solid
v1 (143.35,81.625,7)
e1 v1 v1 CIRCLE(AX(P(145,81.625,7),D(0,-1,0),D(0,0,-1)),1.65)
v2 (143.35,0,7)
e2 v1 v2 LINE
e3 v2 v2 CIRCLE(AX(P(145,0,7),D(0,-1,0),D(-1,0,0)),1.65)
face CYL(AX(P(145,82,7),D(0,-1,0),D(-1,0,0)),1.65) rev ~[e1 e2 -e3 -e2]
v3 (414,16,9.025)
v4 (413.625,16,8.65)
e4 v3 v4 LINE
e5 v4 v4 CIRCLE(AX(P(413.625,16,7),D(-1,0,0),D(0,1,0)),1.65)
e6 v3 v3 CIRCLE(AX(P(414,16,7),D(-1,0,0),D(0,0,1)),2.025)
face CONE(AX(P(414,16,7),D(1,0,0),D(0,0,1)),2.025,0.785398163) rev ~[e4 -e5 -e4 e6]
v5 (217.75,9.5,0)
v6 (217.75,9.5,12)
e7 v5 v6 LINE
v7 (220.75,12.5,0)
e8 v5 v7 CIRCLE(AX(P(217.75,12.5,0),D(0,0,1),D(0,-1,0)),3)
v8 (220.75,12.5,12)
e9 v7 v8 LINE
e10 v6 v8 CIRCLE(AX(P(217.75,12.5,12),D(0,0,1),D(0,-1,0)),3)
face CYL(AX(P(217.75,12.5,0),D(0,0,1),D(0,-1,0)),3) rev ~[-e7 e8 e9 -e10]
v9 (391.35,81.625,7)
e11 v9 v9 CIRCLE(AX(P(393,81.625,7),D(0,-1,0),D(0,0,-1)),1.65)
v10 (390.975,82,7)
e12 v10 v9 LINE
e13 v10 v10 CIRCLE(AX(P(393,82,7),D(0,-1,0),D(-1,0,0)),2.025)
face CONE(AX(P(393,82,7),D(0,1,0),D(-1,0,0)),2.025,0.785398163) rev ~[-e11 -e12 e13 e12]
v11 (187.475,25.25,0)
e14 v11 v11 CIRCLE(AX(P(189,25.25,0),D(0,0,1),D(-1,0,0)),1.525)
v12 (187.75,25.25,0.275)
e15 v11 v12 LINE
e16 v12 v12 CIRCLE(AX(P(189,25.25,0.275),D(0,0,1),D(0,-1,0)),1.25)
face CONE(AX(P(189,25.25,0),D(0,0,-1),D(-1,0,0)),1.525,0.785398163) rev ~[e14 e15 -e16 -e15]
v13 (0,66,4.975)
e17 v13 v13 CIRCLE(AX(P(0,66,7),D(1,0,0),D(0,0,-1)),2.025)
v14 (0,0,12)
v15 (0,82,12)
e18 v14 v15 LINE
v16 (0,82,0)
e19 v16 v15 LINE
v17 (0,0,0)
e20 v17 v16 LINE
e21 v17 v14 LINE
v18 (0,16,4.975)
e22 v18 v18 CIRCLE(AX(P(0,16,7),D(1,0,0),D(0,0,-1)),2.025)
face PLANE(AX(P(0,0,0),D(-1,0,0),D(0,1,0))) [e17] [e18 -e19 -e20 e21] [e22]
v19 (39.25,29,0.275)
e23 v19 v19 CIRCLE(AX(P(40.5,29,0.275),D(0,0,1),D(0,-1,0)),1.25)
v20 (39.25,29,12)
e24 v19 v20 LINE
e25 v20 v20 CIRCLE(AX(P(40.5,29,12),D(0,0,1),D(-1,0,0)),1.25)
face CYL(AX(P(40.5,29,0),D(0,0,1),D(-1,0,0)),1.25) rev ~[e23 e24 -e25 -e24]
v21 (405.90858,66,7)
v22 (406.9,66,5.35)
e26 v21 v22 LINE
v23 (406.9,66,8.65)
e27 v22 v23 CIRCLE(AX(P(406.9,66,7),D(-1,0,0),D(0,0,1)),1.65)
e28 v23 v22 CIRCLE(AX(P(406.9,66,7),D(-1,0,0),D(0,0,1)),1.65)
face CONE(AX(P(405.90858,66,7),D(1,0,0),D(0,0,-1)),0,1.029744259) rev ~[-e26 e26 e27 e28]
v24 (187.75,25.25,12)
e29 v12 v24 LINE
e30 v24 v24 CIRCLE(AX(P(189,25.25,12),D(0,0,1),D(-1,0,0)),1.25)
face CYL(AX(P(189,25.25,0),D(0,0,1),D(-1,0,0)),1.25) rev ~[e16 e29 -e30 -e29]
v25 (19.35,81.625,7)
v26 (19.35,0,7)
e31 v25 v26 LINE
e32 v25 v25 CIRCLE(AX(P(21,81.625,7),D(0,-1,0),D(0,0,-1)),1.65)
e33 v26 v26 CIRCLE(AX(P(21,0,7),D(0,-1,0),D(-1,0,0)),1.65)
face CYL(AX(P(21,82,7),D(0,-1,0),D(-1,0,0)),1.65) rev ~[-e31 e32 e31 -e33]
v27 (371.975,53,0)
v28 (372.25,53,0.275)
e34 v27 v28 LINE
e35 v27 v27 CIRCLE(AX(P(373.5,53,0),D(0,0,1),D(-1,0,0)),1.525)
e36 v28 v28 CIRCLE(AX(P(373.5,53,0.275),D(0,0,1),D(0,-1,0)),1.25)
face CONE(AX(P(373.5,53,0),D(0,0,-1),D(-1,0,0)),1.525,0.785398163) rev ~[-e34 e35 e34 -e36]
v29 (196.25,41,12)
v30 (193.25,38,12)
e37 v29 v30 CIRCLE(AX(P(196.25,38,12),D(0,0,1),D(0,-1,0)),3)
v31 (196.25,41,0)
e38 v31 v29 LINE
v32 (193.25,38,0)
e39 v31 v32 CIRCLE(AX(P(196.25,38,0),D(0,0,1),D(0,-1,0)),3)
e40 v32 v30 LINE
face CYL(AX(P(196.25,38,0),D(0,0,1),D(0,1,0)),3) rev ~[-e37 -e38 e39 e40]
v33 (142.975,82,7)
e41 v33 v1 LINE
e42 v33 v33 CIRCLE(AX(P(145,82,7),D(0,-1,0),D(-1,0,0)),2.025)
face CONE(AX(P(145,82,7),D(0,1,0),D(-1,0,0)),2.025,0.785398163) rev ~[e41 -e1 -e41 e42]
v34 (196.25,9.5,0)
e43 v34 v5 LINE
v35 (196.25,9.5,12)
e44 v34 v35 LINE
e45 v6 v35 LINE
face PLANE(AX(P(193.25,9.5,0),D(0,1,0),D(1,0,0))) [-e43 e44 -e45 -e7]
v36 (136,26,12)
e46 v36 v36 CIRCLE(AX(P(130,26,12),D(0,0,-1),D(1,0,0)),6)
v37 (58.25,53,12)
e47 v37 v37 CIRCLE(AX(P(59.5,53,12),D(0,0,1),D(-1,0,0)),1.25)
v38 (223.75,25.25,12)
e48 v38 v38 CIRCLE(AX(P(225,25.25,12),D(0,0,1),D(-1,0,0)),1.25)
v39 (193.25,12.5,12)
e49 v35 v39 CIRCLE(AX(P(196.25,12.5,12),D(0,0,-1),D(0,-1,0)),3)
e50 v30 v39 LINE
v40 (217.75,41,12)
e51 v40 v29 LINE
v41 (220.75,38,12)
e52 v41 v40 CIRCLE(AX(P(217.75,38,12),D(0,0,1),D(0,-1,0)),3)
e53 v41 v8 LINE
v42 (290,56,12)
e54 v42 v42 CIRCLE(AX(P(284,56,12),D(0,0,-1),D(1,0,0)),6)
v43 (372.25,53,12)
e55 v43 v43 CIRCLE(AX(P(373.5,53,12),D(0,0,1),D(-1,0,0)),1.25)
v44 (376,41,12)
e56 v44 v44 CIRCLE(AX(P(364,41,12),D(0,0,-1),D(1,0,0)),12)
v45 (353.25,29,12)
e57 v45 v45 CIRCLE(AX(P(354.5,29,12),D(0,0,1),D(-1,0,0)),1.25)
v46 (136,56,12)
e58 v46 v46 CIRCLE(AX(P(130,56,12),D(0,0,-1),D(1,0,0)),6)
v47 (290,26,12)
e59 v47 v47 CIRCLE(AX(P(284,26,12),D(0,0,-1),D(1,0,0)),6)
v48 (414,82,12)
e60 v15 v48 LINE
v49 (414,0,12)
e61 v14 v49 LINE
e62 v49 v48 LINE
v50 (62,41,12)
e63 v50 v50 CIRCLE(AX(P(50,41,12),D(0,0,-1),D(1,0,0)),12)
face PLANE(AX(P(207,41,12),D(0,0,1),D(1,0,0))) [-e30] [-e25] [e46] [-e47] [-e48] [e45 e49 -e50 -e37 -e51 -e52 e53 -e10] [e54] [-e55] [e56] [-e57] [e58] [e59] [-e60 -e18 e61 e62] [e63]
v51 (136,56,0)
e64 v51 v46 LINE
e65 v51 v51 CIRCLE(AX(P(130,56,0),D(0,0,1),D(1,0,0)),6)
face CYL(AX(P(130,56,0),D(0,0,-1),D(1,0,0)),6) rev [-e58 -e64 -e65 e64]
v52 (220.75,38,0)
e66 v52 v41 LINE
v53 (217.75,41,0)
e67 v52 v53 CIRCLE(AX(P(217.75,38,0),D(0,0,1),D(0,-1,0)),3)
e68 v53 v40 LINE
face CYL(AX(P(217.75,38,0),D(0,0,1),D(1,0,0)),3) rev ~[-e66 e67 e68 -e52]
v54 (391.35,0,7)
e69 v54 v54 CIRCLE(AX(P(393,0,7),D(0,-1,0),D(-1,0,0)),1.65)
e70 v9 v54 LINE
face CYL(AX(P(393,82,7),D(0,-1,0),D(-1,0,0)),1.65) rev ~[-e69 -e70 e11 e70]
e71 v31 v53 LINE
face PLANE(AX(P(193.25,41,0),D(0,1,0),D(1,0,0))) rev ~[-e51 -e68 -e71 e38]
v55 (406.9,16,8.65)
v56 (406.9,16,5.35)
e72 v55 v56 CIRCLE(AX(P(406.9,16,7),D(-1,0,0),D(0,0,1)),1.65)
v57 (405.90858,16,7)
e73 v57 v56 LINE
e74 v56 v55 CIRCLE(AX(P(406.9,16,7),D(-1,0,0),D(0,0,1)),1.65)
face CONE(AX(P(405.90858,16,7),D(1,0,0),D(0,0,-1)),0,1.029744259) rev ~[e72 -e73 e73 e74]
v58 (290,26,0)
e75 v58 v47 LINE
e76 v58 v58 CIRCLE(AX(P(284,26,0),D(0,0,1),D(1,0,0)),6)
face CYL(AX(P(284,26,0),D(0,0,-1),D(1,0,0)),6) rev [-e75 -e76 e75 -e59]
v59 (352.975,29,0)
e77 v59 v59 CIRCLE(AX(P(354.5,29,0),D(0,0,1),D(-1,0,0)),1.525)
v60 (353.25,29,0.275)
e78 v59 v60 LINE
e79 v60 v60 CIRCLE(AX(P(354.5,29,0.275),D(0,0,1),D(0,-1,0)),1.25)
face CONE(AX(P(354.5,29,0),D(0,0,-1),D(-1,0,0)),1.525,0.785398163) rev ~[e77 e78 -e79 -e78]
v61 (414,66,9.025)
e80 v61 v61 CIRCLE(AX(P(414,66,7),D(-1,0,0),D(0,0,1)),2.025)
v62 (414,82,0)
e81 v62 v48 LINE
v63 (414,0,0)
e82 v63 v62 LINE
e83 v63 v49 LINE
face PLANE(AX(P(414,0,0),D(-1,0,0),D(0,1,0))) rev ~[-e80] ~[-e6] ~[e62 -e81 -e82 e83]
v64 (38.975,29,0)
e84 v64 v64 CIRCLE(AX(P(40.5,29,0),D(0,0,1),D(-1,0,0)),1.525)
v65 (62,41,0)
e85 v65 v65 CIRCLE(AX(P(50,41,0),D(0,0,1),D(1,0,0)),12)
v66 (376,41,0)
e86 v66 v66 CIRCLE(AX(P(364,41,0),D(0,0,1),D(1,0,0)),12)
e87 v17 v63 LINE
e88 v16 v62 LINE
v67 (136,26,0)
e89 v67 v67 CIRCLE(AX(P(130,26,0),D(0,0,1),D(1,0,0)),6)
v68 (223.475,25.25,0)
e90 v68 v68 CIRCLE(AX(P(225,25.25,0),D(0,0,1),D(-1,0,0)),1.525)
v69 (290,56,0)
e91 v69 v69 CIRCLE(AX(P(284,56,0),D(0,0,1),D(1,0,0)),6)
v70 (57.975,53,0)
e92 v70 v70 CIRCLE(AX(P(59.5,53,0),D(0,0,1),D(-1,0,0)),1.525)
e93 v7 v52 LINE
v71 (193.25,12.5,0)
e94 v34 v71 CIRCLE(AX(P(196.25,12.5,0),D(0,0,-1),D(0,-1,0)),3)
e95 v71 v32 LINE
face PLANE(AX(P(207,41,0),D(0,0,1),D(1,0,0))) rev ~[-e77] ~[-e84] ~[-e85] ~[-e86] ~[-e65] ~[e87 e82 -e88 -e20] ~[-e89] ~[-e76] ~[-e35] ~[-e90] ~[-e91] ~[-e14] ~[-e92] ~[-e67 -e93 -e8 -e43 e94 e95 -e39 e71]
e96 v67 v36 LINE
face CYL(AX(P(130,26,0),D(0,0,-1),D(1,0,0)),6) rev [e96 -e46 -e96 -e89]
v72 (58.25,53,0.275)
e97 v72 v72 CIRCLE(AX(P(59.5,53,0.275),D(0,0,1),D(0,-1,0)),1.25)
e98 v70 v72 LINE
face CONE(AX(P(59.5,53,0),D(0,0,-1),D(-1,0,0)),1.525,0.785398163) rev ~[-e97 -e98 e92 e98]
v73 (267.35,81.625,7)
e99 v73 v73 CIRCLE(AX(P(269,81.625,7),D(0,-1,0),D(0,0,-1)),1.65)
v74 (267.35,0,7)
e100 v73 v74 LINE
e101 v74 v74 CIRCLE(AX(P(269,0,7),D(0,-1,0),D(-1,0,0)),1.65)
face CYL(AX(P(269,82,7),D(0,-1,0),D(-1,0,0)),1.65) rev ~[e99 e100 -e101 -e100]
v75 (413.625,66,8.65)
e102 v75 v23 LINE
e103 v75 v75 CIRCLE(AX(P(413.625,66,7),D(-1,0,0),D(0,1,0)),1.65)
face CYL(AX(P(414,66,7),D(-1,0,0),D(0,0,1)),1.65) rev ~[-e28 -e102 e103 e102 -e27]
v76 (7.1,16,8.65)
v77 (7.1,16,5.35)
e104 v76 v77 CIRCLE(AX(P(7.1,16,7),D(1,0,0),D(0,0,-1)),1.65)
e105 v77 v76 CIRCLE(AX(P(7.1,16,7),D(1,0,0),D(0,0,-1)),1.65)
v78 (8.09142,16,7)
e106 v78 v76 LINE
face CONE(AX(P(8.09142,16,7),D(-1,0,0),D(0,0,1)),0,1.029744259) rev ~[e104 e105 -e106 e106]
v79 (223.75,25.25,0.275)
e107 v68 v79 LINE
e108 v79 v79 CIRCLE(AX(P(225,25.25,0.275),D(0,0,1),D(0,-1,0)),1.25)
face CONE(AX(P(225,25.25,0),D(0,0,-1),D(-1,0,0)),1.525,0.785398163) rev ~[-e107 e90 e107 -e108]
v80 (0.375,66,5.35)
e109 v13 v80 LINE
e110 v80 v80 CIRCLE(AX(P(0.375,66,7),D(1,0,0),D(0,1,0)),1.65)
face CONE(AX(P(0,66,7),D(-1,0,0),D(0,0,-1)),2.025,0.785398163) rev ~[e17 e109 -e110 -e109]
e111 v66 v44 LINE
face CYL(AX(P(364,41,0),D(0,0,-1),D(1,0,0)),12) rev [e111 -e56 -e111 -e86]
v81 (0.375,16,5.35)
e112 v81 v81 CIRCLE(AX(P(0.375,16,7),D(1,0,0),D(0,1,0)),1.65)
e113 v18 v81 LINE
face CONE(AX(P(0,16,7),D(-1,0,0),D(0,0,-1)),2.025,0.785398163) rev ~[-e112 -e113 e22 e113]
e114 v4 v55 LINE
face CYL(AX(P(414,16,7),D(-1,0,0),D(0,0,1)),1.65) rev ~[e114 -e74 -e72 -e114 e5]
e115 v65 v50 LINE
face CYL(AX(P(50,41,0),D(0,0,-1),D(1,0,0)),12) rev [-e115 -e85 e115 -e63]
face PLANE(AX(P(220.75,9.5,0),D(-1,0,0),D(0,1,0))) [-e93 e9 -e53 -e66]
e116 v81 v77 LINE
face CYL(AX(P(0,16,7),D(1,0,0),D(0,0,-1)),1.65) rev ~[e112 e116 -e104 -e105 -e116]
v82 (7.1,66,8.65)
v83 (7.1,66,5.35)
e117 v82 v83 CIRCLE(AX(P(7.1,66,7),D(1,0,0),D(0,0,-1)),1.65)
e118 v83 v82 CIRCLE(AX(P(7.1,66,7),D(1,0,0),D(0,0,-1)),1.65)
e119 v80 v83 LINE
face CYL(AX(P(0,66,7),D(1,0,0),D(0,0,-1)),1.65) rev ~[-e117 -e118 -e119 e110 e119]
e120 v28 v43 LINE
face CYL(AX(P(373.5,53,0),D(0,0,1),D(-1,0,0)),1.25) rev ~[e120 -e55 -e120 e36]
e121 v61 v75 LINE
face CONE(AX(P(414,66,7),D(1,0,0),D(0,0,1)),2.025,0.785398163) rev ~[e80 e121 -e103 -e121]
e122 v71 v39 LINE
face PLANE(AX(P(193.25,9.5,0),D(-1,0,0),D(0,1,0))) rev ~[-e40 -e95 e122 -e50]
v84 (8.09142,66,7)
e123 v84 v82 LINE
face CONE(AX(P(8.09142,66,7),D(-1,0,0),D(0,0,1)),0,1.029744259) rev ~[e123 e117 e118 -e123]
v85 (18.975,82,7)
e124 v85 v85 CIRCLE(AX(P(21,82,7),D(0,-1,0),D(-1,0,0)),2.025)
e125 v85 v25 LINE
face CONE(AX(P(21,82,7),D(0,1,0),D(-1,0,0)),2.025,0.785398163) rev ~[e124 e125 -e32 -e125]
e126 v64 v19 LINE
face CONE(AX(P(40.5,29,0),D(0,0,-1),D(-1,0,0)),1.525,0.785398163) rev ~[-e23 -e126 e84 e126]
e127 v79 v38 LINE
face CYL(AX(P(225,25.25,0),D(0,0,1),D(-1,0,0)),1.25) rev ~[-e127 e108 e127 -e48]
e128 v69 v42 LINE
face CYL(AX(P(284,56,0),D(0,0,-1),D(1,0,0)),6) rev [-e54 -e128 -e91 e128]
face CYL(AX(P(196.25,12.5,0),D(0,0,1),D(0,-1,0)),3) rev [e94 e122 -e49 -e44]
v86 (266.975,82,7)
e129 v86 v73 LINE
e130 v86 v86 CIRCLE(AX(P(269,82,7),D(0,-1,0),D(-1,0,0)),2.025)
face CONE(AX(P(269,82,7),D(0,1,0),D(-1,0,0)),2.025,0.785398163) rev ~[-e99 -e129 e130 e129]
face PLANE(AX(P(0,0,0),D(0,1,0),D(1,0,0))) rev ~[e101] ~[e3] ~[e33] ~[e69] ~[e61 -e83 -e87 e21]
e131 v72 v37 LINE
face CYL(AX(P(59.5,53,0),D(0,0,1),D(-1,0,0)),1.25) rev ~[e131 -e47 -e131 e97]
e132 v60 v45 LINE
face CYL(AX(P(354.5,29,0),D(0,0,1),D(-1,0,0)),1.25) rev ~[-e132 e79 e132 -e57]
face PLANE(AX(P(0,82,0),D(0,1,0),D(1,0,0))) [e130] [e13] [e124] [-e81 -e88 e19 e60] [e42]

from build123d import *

# Parameters (mm, degrees)
SKETCH_1_W                   = 414
SKETCH_1_H                   = 82
EXTRUDE_1_DEPTH              = 12
SKETCH_2_R                   = 6
SKETCH_2_R_2                 = 12
SKETCH_2_W                   = 27.5
SKETCH_2_H                   = 31.5
CUT_EXTRUDE_5_DEPTH          = 13
FILLET_1_R                   = 3
HOLE_WIZARD_M3_1_D           = 2.5
HOLE_WIZARD_M3_1_CSINK_D     = 3.05
HOLE_WIZARD_M3_1_CSINK_ANGLE = 90
HOLE_WIZARD_M4_1_D           = 3.3
HOLE_WIZARD_M4_1_CSINK_D     = 4.05
HOLE_WIZARD_M4_1_CSINK_ANGLE = 90
HOLE_WIZARD_M4_3_D           = 3.3
HOLE_WIZARD_M4_3_DEPTH       = 7.1
HOLE_WIZARD_M4_3_CSINK_D     = 4.05
HOLE_WIZARD_M4_3_CSINK_ANGLE = 90
HOLE_WIZARD_M4_3_TIP         = 0.991420021
HOLE_WIZARD_M4_4_D           = 3.3
HOLE_WIZARD_M4_4_DEPTH       = 7.1
HOLE_WIZARD_M4_4_CSINK_D     = 4.05
HOLE_WIZARD_M4_4_CSINK_ANGLE = 90
HOLE_WIZARD_M4_4_TIP         = 0.991420021


with BuildPart() as part:
    # 草圖1 → 填料-伸長1 (new body)
    with BuildSketch(Plane.XY):
        with Locations((207, 41)):
            Rectangle(SKETCH_1_W, SKETCH_1_H)
    extrude(amount=EXTRUDE_1_DEPTH)

    # 草圖2 → 除料-伸長5 (cut, through all)
    with BuildSketch(Plane.XY):
        with Locations((130, 56)):
            Circle(SKETCH_2_R)
        with Locations((130, 26)):
            Circle(SKETCH_2_R)
        with Locations((284, 56)):
            Circle(SKETCH_2_R)
        with Locations((284, 26)):
            Circle(SKETCH_2_R)
        with Locations((50, 41)):
            Circle(SKETCH_2_R_2)
        with Locations((364, 41)):
            Circle(SKETCH_2_R_2)
        with Locations((207, 25.25)):
            Rectangle(SKETCH_2_W, SKETCH_2_H)
    extrude(amount=CUT_EXTRUDE_5_DEPTH, mode=Mode.SUBTRACT)

    # 圓角1
    fillet_1_edges = [part.edges().sort_by_distance(p)[0] for p in [
        (220.75, 9.5, 6),
        (220.75, 41, 6),
        (193.25, 41, 6),
        (193.25, 9.5, 6),
    ]]
    fillet(fillet_1_edges, radius=FILLET_1_R)

    # M3 螺紋孔1 (through all)
    with Locations(Plane(origin=(0, 0, 0), x_dir=(1, 0, 0), z_dir=(0, 0, -1))):
        with Locations((59.5, -53), (40.5, -29), (189, -25.25), (225, -25.25), (373.5, -53), (354.5, -29)):
            CounterSinkHole(HOLE_WIZARD_M3_1_D / 2, HOLE_WIZARD_M3_1_CSINK_D / 2, counter_sink_angle=HOLE_WIZARD_M3_1_CSINK_ANGLE)

    # M4 螺紋孔1 (through all)
    with Locations(Plane(origin=(0, 82, 0), x_dir=(1, 0, 0), z_dir=(0, 1, 0))):
        with Locations((21, -7), (145, -7), (269, -7), (393, -7)):
            CounterSinkHole(HOLE_WIZARD_M4_1_D / 2, HOLE_WIZARD_M4_1_CSINK_D / 2, counter_sink_angle=HOLE_WIZARD_M4_1_CSINK_ANGLE)

    # M4 螺紋孔3
    with Locations(Plane(origin=(414, 0, 0), x_dir=(0, 0, -1), z_dir=(1, 0, 0))):
        with Locations((-7, 16), (-7, 66)):
            CounterSinkHole(HOLE_WIZARD_M4_3_D / 2, HOLE_WIZARD_M4_3_CSINK_D / 2, depth=HOLE_WIZARD_M4_3_DEPTH, counter_sink_angle=HOLE_WIZARD_M4_3_CSINK_ANGLE)
            with Locations((0, 0, -(HOLE_WIZARD_M4_3_DEPTH + HOLE_WIZARD_M4_3_TIP / 2))):  # 118° drill point
                Cone(0, HOLE_WIZARD_M4_3_D / 2, HOLE_WIZARD_M4_3_TIP, mode=Mode.SUBTRACT)

    # M4 螺紋孔4
    with Locations(Plane.ZY):
        with Locations((7, 16), (7, 66)):
            CounterSinkHole(HOLE_WIZARD_M4_4_D / 2, HOLE_WIZARD_M4_4_CSINK_D / 2, depth=HOLE_WIZARD_M4_4_DEPTH, counter_sink_angle=HOLE_WIZARD_M4_4_CSINK_ANGLE)
            with Locations((0, 0, -(HOLE_WIZARD_M4_4_DEPTH + HOLE_WIZARD_M4_4_TIP / 2))):  # 118° drill point
                Cone(0, HOLE_WIZARD_M4_4_D / 2, HOLE_WIZARD_M4_4_TIP, mode=Mode.SUBTRACT)


solid = part.part
